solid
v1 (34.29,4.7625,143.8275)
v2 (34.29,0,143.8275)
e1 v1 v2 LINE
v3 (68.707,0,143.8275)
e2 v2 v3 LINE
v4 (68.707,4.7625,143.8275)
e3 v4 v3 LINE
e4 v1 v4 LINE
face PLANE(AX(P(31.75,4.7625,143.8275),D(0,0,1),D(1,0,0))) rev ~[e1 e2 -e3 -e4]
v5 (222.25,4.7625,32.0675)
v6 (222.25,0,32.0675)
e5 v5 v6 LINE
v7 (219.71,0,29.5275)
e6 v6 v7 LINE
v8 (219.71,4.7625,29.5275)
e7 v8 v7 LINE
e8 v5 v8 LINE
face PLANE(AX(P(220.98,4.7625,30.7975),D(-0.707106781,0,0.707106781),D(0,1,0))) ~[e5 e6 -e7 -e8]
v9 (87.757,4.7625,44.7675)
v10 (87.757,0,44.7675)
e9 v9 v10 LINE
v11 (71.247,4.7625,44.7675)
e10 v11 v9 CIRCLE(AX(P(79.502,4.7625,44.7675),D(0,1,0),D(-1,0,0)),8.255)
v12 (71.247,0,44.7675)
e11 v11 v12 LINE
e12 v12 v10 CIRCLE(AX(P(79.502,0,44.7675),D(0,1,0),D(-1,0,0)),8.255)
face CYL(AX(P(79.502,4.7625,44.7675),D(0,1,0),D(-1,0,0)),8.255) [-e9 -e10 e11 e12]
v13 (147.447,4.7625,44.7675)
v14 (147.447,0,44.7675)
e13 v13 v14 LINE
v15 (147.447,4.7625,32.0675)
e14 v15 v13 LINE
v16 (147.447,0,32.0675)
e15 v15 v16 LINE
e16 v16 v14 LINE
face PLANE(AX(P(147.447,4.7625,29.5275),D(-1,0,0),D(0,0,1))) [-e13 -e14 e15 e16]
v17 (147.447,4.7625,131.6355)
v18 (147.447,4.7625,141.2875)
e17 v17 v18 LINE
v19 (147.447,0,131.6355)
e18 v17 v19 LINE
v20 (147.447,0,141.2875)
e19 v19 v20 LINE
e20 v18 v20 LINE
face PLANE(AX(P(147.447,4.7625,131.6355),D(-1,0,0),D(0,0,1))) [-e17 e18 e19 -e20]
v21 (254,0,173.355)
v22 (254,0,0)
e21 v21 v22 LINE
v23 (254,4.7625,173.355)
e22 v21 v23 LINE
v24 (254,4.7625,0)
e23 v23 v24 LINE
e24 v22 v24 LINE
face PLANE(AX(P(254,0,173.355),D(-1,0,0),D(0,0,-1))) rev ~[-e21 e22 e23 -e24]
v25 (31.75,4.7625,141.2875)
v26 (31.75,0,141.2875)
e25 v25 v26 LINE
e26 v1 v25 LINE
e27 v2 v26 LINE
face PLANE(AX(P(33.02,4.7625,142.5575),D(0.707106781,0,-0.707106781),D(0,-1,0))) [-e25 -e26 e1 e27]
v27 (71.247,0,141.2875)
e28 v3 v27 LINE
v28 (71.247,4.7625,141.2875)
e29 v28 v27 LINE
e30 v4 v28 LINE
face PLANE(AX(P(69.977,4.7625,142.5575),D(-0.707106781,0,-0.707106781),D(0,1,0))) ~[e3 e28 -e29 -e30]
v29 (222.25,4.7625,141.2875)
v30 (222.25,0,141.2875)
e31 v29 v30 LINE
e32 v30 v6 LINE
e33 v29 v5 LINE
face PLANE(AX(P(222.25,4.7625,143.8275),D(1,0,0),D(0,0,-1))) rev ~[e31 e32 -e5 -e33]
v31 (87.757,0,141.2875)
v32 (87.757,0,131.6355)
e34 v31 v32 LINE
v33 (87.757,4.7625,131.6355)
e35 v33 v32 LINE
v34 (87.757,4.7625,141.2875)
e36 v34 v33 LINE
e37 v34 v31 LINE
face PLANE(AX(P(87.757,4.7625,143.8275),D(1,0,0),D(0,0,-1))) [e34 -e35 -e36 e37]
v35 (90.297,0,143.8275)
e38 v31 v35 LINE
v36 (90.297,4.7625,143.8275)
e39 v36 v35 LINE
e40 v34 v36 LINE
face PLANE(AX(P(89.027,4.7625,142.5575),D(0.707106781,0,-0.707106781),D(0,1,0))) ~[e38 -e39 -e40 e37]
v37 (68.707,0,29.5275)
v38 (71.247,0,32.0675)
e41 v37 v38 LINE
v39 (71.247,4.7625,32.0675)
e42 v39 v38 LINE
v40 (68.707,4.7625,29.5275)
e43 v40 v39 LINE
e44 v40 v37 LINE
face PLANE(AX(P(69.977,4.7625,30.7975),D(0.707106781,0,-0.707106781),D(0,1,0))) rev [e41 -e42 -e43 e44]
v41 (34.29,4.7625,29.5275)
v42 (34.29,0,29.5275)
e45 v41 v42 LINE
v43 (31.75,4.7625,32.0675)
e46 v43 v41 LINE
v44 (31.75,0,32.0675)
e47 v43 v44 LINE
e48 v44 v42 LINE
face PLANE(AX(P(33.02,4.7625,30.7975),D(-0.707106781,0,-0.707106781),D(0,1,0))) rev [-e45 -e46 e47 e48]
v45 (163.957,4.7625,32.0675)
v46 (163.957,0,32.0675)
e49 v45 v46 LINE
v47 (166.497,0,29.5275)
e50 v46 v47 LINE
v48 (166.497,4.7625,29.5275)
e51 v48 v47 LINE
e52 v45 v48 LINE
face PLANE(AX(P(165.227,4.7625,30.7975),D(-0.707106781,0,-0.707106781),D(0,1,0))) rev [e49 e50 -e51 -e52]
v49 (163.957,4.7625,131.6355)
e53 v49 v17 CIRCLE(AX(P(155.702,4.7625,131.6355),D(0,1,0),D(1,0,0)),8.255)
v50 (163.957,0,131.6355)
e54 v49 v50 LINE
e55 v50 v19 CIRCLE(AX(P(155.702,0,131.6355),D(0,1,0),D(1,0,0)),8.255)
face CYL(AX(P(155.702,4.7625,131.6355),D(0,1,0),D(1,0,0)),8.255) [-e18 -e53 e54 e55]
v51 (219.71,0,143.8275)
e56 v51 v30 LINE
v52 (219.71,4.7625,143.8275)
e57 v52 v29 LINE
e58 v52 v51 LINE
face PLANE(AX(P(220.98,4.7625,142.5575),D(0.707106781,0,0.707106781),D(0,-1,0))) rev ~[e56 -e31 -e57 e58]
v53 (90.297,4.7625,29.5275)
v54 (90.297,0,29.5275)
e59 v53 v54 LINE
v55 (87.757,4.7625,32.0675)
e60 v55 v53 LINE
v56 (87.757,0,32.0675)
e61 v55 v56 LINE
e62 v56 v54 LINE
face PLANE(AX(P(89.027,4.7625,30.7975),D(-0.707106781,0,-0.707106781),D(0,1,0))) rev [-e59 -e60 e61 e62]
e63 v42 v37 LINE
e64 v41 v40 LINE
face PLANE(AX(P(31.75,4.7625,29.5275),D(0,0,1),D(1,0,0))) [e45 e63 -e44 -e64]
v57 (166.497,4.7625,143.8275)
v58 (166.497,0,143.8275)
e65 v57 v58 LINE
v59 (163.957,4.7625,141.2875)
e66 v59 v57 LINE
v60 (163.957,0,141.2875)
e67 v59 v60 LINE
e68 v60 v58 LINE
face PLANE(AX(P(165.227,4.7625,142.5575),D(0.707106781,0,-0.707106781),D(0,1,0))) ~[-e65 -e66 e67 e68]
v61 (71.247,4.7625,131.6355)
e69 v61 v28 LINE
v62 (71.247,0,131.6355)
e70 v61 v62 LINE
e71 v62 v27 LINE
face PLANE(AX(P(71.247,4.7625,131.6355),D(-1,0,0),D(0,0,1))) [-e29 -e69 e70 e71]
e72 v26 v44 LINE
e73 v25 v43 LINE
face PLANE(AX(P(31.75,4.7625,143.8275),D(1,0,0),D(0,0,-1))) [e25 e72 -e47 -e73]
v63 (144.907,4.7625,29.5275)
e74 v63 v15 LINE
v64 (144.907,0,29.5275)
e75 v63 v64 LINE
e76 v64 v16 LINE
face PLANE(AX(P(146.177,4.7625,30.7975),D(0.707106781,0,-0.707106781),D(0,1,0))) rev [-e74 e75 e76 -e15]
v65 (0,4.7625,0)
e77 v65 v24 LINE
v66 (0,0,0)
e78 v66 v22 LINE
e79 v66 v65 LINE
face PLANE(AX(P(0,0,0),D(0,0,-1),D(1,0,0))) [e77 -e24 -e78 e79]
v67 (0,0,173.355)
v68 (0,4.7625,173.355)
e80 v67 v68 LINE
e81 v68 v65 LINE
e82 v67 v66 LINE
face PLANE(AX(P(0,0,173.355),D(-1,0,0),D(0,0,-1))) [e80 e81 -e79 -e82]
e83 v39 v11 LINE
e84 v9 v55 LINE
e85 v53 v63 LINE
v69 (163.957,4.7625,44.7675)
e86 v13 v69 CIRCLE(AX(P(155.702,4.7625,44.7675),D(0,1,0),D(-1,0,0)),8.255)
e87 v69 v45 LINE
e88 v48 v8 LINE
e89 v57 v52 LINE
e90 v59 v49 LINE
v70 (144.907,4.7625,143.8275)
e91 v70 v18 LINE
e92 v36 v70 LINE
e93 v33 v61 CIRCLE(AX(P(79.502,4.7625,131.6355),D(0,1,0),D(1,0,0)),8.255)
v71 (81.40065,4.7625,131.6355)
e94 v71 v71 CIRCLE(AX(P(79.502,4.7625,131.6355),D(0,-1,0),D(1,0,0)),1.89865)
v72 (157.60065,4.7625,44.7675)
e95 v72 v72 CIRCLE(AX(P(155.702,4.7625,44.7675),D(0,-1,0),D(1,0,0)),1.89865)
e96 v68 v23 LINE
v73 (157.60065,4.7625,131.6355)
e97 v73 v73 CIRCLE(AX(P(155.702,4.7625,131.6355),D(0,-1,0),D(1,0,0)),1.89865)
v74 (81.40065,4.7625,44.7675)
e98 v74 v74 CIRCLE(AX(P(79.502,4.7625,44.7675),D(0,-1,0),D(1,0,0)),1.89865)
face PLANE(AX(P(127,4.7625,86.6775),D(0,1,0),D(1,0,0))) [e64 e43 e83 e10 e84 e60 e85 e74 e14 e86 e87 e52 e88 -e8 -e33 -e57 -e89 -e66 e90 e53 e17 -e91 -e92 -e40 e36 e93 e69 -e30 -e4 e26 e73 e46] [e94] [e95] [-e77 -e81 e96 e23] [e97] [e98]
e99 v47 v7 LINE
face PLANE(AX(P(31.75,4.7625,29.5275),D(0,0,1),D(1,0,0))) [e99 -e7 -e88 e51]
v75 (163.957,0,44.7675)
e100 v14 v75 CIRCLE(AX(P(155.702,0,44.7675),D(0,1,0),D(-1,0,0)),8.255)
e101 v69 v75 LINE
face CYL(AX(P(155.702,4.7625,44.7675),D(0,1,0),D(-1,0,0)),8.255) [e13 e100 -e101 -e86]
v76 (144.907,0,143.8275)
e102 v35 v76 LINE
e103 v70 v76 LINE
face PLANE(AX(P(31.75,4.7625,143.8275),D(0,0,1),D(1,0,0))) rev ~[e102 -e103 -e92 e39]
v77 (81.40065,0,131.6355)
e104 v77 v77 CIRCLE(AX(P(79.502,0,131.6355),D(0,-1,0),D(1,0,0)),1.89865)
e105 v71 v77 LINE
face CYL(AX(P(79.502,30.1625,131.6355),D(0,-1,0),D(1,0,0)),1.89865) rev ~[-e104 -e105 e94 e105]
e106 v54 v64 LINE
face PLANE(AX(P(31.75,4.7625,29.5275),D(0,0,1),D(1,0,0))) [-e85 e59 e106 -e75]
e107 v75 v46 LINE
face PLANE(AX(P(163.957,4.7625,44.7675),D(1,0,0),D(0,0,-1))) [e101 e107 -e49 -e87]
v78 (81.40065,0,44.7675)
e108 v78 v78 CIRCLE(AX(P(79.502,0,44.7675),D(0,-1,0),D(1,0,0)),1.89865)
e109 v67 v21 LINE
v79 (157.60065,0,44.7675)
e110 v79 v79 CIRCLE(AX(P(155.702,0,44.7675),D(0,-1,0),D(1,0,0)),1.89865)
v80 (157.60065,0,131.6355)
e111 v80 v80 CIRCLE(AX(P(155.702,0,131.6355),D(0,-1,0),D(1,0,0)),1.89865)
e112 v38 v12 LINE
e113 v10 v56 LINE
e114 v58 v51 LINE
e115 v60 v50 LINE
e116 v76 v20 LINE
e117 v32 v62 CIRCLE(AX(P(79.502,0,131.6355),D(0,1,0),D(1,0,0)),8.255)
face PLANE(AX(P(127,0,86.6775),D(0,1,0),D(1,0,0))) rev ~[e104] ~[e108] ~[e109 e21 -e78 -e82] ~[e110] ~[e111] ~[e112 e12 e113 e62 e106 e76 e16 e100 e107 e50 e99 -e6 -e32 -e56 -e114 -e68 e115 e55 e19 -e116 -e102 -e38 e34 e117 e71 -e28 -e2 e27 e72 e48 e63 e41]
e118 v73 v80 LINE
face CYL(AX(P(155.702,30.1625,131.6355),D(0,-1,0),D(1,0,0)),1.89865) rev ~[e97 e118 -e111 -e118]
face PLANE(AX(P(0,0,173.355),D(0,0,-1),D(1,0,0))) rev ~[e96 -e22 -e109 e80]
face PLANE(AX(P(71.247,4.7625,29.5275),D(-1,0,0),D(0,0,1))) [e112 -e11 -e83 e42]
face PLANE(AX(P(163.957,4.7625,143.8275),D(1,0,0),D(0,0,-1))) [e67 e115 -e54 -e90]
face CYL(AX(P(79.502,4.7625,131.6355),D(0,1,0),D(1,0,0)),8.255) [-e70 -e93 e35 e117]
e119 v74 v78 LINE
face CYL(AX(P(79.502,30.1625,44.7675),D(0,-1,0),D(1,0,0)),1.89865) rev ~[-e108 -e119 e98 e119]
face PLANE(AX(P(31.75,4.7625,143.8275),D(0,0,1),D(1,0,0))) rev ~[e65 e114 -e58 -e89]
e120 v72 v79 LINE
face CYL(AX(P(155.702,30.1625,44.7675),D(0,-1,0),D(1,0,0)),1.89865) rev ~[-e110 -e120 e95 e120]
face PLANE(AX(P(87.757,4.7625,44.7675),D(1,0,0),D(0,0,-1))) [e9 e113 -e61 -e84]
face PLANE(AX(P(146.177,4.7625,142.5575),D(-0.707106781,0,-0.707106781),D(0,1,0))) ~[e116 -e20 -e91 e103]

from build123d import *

# Parameters (mm, degrees)
SKETCH1_W                 = 254
SKETCH1_H                 = 173.355
BOSS_EXTRUDE1_DEPTH       = 4.7625
SKETCH2_W                 = 190.5
SKETCH2_H                 = 114.3
CUT_EXTRUDE1_DEPTH        = 4.7625
BOSS_EXTRUDE2_DEPTH       = 4.7625
F_6_CLEARANCE_HOLE1_D     = 3.7973
F_6_CLEARANCE_HOLE1_DEPTH = 25.4
F_6_CLEARANCE_HOLE1_TIP   = 1.140824014
CHAMFER1_SIZE             = 2.54


with BuildPart() as part:
    # Sketch1 → Boss-Extrude1 (new body)
    with BuildSketch(Plane(origin=(0, 0, 0), x_dir=(1, 0, 0), z_dir=(0, 1, 0))):
        with Locations((127, -86.6775)):
            Rectangle(SKETCH1_W, SKETCH1_H)
    extrude(amount=BOSS_EXTRUDE1_DEPTH)

    # Sketch2 → Cut-Extrude1 (cut)
    with BuildSketch(Plane(origin=(0, 4.7625, 0), x_dir=(1, 0, 0), z_dir=(0, 1, 0))):
        with Locations((127, -86.6775)):
            Rectangle(SKETCH2_W, SKETCH2_H)
    extrude(amount=-CUT_EXTRUDE1_DEPTH, mode=Mode.SUBTRACT)

    # Sketch3 → Boss-Extrude2 (add)
    with BuildSketch(Plane(origin=(0, 4.7625, 0), x_dir=(1, 0, 0), z_dir=(0, 1, 0))):
        with BuildLine():
            Line((163.957, -29.5275), (147.447, -29.5275))
            Line((147.447, -29.5275), (147.447, -44.7675))
            ThreePointArc((147.447, -44.7675), (155.702, -53.0225), (163.957, -44.7675))
            Line((163.957, -44.7675), (163.957, -29.5275))
        make_face()
        with BuildLine():
            Line((71.247, -29.5275), (71.247, -44.7675))
            ThreePointArc((71.247, -44.7675), (79.502, -53.0225), (87.757, -44.7675))
            Line((87.757, -44.7675), (87.757, -29.5275))
            Line((87.757, -29.5275), (71.247, -29.5275))
        make_face()
        with BuildLine():
            Line((71.247, -143.8275), (87.757, -143.8275))
            Line((87.757, -143.8275), (87.757, -131.6355))
            ThreePointArc((87.757, -131.6355), (79.502, -123.3805), (71.247, -131.6355))
            Line((71.247, -131.6355), (71.247, -143.8275))
        make_face()
        with BuildLine():
            Line((147.447, -131.6355), (147.447, -143.8275))
            Line((147.447, -143.8275), (163.957, -143.8275))
            Line((163.957, -143.8275), (163.957, -131.6355))
            ThreePointArc((163.957, -131.6355), (155.702, -123.3805), (147.447, -131.6355))
        make_face()
    extrude(amount=-BOSS_EXTRUDE2_DEPTH)

    # #6 Clearance Hole1
    with Locations(Plane(origin=(0, 4.7625, 0), x_dir=(-1, 0, 0), z_dir=(0, 1, 0))):
        with Locations((-79.502, 44.7675), (-155.702, 44.7675), (-79.502, 131.6355), (-155.702, 131.6355)):
            Hole(F_6_CLEARANCE_HOLE1_D / 2, depth=F_6_CLEARANCE_HOLE1_DEPTH)
            with Locations((0, 0, -(F_6_CLEARANCE_HOLE1_DEPTH + F_6_CLEARANCE_HOLE1_TIP / 2))):  # 118° drill point
                Cone(0, F_6_CLEARANCE_HOLE1_D / 2, F_6_CLEARANCE_HOLE1_TIP, mode=Mode.SUBTRACT)

    # Chamfer1
    chamfer1_edges = [part.edges().sort_by_distance(p)[0] for p in [
        (31.75, 2.38125, 143.8275),
        (31.75, 2.38125, 29.5275),
        (222.25, 2.38125, 29.5275),
        (222.25, 2.38125, 143.8275),
        (147.447, 2.38125, 29.5275),
        (163.957, 2.38125, 29.5275),
        (71.247, 2.38125, 29.5275),
        (87.757, 2.38125, 29.5275),
        (87.757, 2.38125, 143.8275),
        (71.247, 2.38125, 143.8275),
        (163.957, 2.38125, 143.8275),
        (147.447, 2.38125, 143.8275),
    ]]
    chamfer(chamfer1_edges, length=CHAMFER1_SIZE)


solid = part.part
